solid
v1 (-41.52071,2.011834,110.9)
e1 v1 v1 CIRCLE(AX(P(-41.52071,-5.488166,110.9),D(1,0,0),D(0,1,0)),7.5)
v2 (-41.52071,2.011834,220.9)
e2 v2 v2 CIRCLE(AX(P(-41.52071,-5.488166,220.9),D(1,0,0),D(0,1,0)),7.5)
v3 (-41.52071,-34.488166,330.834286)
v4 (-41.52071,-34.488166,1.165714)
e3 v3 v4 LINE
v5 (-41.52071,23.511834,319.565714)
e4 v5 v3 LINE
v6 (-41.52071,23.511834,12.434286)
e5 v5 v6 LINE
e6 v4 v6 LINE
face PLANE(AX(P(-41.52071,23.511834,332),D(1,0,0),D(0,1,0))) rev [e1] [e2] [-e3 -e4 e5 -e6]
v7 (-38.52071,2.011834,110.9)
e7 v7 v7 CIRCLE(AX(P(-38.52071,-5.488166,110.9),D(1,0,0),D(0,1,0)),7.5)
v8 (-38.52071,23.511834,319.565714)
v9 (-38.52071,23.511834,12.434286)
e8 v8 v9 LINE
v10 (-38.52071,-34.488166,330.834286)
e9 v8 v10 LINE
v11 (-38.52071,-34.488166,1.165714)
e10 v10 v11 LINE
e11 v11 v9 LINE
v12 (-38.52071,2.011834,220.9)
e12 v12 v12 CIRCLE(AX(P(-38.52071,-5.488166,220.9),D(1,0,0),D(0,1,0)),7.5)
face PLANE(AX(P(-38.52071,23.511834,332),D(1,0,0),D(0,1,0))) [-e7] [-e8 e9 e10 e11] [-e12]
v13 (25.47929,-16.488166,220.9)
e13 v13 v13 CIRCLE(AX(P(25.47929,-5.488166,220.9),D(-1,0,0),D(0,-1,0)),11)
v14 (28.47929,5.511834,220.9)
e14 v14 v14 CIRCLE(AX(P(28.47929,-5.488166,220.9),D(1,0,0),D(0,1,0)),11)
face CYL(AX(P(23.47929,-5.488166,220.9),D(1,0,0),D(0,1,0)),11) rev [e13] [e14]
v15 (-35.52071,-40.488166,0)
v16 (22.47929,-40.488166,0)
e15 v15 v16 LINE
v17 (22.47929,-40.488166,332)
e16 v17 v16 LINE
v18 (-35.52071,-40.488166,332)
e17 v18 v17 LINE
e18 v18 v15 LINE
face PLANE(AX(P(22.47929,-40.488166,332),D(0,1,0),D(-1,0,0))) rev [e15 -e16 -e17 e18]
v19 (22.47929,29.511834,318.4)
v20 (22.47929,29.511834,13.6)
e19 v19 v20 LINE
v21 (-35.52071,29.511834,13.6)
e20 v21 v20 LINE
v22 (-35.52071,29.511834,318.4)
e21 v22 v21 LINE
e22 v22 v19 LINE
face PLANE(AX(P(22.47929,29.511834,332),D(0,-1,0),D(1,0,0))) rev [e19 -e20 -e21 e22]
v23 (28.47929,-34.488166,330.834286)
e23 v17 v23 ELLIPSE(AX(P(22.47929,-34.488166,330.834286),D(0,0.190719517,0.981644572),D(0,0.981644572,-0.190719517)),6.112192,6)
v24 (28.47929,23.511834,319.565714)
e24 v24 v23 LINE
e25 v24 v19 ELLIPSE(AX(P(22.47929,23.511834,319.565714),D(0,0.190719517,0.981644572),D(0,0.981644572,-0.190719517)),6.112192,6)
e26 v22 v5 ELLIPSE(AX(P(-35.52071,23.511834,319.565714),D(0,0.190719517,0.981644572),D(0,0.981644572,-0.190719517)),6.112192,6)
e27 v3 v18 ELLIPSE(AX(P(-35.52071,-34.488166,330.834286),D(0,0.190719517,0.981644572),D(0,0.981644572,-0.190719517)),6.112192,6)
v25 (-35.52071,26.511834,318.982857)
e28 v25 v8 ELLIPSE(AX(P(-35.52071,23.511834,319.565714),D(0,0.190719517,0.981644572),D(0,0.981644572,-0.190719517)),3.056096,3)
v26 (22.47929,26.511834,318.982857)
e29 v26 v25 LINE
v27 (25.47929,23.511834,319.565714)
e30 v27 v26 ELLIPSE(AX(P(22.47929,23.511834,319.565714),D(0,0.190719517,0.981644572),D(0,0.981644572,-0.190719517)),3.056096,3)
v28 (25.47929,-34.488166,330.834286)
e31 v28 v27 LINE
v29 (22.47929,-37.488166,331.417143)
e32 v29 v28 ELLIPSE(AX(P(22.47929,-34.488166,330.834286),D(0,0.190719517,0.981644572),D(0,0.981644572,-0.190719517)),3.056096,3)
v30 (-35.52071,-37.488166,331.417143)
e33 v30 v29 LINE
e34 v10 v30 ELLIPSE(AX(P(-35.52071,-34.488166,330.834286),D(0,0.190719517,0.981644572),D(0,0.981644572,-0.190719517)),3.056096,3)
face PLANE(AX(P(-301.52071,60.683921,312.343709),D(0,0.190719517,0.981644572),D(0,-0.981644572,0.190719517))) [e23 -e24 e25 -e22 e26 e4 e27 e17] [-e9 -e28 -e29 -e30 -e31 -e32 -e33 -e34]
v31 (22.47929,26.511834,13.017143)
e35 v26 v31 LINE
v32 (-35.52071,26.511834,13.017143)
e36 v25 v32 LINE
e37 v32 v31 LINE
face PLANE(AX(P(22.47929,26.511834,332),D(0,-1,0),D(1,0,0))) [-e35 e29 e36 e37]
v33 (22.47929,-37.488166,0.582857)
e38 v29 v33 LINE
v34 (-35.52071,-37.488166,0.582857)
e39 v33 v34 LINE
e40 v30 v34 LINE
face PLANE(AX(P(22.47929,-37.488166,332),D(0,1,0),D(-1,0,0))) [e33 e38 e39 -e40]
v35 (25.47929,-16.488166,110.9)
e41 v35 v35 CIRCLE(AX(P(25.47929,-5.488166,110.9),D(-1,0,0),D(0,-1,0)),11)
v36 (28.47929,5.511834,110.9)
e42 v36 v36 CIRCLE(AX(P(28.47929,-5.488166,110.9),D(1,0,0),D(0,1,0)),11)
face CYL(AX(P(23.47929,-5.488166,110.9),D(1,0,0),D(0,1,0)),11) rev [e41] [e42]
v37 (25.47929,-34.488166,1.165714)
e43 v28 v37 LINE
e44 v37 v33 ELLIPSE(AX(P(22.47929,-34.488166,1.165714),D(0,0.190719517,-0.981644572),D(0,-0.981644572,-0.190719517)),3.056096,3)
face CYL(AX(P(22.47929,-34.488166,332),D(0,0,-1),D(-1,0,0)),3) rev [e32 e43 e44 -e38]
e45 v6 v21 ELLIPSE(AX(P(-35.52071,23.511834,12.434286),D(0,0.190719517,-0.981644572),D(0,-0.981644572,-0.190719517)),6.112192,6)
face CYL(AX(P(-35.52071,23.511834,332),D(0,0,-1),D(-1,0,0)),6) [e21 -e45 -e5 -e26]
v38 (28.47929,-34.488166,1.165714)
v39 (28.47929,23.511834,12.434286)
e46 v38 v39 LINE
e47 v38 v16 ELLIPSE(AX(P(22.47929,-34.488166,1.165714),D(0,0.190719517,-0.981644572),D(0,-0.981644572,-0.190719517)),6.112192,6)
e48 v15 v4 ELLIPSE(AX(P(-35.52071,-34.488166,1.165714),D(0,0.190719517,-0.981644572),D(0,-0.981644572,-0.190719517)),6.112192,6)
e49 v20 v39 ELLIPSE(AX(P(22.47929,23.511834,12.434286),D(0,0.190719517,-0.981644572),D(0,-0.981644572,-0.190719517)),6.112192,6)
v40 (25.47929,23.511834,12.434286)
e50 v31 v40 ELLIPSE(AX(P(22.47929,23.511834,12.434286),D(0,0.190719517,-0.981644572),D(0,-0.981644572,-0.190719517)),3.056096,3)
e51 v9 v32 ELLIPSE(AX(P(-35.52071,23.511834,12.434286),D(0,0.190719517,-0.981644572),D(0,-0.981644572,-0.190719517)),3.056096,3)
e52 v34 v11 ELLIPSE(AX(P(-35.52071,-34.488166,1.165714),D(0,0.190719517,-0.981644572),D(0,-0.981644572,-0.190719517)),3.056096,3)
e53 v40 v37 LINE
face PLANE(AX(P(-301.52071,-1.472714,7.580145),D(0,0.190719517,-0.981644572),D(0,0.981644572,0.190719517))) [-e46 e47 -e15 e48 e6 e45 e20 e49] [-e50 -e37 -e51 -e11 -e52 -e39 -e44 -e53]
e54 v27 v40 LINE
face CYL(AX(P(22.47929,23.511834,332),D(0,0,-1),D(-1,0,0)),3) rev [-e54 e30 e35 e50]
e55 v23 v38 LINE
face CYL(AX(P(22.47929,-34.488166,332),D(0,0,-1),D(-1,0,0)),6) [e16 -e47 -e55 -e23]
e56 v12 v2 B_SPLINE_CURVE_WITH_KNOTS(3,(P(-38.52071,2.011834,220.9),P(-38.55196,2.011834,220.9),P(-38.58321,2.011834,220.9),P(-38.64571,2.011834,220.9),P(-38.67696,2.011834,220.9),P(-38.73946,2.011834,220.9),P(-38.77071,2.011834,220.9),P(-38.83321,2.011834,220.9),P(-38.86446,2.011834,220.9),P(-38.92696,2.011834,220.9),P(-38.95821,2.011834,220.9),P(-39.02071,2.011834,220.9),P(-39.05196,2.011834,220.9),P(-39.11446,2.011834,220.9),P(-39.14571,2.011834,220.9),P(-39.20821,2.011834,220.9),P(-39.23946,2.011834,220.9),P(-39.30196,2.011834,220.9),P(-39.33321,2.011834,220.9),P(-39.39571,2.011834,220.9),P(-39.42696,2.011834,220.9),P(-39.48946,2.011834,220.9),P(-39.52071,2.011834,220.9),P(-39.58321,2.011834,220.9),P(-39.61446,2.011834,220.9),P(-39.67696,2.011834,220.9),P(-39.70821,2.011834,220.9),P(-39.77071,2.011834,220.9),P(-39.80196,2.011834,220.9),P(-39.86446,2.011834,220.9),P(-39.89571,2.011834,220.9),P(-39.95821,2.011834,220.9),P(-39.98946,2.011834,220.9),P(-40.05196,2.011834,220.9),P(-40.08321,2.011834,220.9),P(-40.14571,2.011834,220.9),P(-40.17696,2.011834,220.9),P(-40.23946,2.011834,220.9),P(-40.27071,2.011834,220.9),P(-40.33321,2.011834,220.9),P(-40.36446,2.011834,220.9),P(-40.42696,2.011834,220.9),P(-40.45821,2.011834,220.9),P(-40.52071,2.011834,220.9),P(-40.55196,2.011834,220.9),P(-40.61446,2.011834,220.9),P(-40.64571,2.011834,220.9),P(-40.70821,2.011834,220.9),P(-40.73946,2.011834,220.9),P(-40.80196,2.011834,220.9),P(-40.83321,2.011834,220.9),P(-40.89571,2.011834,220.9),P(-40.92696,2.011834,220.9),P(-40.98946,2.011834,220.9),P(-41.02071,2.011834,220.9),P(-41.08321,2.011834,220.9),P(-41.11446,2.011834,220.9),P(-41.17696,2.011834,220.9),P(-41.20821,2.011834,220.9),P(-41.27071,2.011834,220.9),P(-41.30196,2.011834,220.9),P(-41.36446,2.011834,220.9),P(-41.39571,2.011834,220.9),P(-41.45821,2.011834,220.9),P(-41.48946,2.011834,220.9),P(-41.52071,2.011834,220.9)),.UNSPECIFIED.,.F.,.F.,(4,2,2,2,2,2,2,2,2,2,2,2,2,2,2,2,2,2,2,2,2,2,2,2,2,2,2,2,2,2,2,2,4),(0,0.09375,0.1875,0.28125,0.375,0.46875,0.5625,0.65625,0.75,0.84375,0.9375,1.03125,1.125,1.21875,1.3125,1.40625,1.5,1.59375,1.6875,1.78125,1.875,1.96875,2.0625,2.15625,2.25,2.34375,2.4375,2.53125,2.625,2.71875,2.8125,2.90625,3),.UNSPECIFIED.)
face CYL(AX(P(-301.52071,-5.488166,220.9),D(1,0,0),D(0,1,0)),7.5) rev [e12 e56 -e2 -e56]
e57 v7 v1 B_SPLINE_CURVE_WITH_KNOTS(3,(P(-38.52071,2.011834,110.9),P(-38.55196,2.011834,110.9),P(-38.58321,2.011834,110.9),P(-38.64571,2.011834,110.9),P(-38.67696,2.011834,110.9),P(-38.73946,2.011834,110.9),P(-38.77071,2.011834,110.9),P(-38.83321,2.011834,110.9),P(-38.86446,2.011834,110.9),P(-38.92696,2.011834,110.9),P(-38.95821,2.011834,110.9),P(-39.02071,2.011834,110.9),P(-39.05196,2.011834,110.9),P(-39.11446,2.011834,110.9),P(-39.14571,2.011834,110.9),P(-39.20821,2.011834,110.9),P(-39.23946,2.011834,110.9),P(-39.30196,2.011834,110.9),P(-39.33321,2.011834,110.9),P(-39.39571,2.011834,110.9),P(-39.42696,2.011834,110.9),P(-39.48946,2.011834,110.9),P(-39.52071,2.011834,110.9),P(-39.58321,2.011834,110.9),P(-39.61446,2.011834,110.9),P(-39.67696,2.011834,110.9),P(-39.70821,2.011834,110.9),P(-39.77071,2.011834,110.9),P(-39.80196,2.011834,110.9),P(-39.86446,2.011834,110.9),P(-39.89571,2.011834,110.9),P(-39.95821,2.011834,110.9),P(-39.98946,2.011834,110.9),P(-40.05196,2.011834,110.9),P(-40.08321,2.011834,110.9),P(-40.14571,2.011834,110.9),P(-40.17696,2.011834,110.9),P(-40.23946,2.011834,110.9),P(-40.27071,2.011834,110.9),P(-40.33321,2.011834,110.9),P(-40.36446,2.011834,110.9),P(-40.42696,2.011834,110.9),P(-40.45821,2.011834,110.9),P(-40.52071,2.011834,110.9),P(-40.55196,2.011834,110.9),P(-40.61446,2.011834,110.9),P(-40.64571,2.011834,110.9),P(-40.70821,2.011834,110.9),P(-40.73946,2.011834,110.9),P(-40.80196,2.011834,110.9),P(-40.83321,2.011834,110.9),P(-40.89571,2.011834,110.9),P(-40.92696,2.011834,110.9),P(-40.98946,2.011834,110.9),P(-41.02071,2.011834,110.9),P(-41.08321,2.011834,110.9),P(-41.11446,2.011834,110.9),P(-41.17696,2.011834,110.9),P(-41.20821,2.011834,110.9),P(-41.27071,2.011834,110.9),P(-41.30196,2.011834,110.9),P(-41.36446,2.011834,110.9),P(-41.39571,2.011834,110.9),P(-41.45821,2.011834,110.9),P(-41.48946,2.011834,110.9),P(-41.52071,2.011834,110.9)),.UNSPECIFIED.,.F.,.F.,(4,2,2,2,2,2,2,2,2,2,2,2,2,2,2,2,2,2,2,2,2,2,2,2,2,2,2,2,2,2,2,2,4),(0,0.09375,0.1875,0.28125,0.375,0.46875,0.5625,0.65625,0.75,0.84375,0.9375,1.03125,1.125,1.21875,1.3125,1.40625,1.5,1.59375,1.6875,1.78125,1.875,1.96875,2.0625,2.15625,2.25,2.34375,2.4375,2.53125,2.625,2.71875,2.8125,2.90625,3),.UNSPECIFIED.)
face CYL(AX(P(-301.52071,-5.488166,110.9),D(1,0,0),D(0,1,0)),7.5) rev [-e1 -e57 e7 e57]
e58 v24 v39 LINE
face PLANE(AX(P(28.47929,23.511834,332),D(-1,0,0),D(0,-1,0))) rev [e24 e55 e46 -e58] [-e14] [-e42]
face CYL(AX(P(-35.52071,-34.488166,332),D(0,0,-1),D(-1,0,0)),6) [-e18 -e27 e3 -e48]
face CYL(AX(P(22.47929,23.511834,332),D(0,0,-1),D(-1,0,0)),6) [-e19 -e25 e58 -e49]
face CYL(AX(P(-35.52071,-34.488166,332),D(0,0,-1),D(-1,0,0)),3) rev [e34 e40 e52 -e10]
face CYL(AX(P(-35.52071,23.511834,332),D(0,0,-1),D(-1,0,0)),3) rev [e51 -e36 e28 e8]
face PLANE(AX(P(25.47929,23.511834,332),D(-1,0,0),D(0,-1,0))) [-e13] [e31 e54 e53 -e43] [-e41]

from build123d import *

# Parameters (mm, degrees)
BOSS_EXTRUDE1_DEPTH = 332
SKETCH2_R           = 7.5
CUT_EXTRUDE1_DEPTH  = 330
SKETCH3_R           = 11
CUT_EXTRUDE2_DEPTH  = 5


with BuildPart() as part:
    # Sketch1 → Boss-Extrude1 (new body)
    with BuildSketch(Plane.XY):
        with BuildLine():
            Line((22.479289941, 29.51183432), (-35.520710059, 29.51183432))
            ThreePointArc((-35.520710059, 29.51183432), (-39.763350746, 27.754475007), (-41.520710059, 23.51183432))
            Line((-41.520710059, 23.51183432), (-41.520710059, -34.48816568))
            ThreePointArc((-41.520710059, -34.48816568), (-39.763350746, -38.730806368), (-35.520710059, -40.48816568))
            Line((-35.520710059, -40.48816568), (22.479289941, -40.48816568))
            ThreePointArc((22.479289941, -40.48816568), (26.721930628, -38.730806368), (28.479289941, -34.48816568))
            Line((28.479289941, -34.48816568), (28.479289941, 23.51183432))
            ThreePointArc((28.479289941, 23.51183432), (26.721930628, 27.754475007), (22.479289941, 29.51183432))
        make_face()
        with BuildLine():
            Line((22.479289941, 26.51183432), (-35.520710059, 26.51183432))
            ThreePointArc((-35.520710059, 26.51183432), (-37.642030403, 25.633154663), (-38.520710059, 23.51183432))
            Line((-38.520710059, 23.51183432), (-38.520710059, -34.48816568))
            ThreePointArc((-38.520710059, -34.48816568), (-37.642030403, -36.609486024), (-35.520710059, -37.48816568))
            Line((-35.520710059, -37.48816568), (22.479289941, -37.48816568))
            ThreePointArc((22.479289941, -37.48816568), (24.600610284, -36.609486024), (25.479289941, -34.48816568))
            Line((25.479289941, -34.48816568), (25.479289941, 23.51183432))
            ThreePointArc((25.479289941, 23.51183432), (24.600610284, 25.633154663), (22.479289941, 26.51183432))
        make_face(mode=Mode.SUBTRACT)
    extrude(amount=BOSS_EXTRUDE1_DEPTH)

    # Sketch2 → Cut-Extrude1 (cut)
    with BuildSketch(Plane(origin=(28.479289941, 0, 0), x_dir=(0, 0, -1), z_dir=(1, 0, 0))):
        with Locations(Location((-220.9, -5.48816568, 0), (0, 0, 90))):
            Circle(SKETCH2_R)
        with Locations(Location((-110.9, -5.48816568, 0), (0, 0, 90))):
            Circle(SKETCH2_R)
        Polygon((0, -40.48816568), (-13.6, 29.51183432), (0, 29.51183432), align=None)
        Polygon((-332, -40.48816568), (-332, 29.51183432), (-318.4, 29.51183432), align=None)
    extrude(amount=-CUT_EXTRUDE1_DEPTH, mode=Mode.SUBTRACT)

    # Sketch3 → Cut-Extrude2 (cut)
    with BuildSketch(Plane(origin=(28.479289941, 0, 0), x_dir=(0, 0, -1), z_dir=(1, 0, 0))):
        with Locations(Location((-220.9, -5.48816568, 0), (0, 0, 90))):
            Circle(SKETCH3_R)
        with Locations(Location((-110.9, -5.48816568, 0), (0, 0, 90))):
            Circle(SKETCH3_R)
    extrude(amount=-CUT_EXTRUDE2_DEPTH, mode=Mode.SUBTRACT)


solid = part.part
